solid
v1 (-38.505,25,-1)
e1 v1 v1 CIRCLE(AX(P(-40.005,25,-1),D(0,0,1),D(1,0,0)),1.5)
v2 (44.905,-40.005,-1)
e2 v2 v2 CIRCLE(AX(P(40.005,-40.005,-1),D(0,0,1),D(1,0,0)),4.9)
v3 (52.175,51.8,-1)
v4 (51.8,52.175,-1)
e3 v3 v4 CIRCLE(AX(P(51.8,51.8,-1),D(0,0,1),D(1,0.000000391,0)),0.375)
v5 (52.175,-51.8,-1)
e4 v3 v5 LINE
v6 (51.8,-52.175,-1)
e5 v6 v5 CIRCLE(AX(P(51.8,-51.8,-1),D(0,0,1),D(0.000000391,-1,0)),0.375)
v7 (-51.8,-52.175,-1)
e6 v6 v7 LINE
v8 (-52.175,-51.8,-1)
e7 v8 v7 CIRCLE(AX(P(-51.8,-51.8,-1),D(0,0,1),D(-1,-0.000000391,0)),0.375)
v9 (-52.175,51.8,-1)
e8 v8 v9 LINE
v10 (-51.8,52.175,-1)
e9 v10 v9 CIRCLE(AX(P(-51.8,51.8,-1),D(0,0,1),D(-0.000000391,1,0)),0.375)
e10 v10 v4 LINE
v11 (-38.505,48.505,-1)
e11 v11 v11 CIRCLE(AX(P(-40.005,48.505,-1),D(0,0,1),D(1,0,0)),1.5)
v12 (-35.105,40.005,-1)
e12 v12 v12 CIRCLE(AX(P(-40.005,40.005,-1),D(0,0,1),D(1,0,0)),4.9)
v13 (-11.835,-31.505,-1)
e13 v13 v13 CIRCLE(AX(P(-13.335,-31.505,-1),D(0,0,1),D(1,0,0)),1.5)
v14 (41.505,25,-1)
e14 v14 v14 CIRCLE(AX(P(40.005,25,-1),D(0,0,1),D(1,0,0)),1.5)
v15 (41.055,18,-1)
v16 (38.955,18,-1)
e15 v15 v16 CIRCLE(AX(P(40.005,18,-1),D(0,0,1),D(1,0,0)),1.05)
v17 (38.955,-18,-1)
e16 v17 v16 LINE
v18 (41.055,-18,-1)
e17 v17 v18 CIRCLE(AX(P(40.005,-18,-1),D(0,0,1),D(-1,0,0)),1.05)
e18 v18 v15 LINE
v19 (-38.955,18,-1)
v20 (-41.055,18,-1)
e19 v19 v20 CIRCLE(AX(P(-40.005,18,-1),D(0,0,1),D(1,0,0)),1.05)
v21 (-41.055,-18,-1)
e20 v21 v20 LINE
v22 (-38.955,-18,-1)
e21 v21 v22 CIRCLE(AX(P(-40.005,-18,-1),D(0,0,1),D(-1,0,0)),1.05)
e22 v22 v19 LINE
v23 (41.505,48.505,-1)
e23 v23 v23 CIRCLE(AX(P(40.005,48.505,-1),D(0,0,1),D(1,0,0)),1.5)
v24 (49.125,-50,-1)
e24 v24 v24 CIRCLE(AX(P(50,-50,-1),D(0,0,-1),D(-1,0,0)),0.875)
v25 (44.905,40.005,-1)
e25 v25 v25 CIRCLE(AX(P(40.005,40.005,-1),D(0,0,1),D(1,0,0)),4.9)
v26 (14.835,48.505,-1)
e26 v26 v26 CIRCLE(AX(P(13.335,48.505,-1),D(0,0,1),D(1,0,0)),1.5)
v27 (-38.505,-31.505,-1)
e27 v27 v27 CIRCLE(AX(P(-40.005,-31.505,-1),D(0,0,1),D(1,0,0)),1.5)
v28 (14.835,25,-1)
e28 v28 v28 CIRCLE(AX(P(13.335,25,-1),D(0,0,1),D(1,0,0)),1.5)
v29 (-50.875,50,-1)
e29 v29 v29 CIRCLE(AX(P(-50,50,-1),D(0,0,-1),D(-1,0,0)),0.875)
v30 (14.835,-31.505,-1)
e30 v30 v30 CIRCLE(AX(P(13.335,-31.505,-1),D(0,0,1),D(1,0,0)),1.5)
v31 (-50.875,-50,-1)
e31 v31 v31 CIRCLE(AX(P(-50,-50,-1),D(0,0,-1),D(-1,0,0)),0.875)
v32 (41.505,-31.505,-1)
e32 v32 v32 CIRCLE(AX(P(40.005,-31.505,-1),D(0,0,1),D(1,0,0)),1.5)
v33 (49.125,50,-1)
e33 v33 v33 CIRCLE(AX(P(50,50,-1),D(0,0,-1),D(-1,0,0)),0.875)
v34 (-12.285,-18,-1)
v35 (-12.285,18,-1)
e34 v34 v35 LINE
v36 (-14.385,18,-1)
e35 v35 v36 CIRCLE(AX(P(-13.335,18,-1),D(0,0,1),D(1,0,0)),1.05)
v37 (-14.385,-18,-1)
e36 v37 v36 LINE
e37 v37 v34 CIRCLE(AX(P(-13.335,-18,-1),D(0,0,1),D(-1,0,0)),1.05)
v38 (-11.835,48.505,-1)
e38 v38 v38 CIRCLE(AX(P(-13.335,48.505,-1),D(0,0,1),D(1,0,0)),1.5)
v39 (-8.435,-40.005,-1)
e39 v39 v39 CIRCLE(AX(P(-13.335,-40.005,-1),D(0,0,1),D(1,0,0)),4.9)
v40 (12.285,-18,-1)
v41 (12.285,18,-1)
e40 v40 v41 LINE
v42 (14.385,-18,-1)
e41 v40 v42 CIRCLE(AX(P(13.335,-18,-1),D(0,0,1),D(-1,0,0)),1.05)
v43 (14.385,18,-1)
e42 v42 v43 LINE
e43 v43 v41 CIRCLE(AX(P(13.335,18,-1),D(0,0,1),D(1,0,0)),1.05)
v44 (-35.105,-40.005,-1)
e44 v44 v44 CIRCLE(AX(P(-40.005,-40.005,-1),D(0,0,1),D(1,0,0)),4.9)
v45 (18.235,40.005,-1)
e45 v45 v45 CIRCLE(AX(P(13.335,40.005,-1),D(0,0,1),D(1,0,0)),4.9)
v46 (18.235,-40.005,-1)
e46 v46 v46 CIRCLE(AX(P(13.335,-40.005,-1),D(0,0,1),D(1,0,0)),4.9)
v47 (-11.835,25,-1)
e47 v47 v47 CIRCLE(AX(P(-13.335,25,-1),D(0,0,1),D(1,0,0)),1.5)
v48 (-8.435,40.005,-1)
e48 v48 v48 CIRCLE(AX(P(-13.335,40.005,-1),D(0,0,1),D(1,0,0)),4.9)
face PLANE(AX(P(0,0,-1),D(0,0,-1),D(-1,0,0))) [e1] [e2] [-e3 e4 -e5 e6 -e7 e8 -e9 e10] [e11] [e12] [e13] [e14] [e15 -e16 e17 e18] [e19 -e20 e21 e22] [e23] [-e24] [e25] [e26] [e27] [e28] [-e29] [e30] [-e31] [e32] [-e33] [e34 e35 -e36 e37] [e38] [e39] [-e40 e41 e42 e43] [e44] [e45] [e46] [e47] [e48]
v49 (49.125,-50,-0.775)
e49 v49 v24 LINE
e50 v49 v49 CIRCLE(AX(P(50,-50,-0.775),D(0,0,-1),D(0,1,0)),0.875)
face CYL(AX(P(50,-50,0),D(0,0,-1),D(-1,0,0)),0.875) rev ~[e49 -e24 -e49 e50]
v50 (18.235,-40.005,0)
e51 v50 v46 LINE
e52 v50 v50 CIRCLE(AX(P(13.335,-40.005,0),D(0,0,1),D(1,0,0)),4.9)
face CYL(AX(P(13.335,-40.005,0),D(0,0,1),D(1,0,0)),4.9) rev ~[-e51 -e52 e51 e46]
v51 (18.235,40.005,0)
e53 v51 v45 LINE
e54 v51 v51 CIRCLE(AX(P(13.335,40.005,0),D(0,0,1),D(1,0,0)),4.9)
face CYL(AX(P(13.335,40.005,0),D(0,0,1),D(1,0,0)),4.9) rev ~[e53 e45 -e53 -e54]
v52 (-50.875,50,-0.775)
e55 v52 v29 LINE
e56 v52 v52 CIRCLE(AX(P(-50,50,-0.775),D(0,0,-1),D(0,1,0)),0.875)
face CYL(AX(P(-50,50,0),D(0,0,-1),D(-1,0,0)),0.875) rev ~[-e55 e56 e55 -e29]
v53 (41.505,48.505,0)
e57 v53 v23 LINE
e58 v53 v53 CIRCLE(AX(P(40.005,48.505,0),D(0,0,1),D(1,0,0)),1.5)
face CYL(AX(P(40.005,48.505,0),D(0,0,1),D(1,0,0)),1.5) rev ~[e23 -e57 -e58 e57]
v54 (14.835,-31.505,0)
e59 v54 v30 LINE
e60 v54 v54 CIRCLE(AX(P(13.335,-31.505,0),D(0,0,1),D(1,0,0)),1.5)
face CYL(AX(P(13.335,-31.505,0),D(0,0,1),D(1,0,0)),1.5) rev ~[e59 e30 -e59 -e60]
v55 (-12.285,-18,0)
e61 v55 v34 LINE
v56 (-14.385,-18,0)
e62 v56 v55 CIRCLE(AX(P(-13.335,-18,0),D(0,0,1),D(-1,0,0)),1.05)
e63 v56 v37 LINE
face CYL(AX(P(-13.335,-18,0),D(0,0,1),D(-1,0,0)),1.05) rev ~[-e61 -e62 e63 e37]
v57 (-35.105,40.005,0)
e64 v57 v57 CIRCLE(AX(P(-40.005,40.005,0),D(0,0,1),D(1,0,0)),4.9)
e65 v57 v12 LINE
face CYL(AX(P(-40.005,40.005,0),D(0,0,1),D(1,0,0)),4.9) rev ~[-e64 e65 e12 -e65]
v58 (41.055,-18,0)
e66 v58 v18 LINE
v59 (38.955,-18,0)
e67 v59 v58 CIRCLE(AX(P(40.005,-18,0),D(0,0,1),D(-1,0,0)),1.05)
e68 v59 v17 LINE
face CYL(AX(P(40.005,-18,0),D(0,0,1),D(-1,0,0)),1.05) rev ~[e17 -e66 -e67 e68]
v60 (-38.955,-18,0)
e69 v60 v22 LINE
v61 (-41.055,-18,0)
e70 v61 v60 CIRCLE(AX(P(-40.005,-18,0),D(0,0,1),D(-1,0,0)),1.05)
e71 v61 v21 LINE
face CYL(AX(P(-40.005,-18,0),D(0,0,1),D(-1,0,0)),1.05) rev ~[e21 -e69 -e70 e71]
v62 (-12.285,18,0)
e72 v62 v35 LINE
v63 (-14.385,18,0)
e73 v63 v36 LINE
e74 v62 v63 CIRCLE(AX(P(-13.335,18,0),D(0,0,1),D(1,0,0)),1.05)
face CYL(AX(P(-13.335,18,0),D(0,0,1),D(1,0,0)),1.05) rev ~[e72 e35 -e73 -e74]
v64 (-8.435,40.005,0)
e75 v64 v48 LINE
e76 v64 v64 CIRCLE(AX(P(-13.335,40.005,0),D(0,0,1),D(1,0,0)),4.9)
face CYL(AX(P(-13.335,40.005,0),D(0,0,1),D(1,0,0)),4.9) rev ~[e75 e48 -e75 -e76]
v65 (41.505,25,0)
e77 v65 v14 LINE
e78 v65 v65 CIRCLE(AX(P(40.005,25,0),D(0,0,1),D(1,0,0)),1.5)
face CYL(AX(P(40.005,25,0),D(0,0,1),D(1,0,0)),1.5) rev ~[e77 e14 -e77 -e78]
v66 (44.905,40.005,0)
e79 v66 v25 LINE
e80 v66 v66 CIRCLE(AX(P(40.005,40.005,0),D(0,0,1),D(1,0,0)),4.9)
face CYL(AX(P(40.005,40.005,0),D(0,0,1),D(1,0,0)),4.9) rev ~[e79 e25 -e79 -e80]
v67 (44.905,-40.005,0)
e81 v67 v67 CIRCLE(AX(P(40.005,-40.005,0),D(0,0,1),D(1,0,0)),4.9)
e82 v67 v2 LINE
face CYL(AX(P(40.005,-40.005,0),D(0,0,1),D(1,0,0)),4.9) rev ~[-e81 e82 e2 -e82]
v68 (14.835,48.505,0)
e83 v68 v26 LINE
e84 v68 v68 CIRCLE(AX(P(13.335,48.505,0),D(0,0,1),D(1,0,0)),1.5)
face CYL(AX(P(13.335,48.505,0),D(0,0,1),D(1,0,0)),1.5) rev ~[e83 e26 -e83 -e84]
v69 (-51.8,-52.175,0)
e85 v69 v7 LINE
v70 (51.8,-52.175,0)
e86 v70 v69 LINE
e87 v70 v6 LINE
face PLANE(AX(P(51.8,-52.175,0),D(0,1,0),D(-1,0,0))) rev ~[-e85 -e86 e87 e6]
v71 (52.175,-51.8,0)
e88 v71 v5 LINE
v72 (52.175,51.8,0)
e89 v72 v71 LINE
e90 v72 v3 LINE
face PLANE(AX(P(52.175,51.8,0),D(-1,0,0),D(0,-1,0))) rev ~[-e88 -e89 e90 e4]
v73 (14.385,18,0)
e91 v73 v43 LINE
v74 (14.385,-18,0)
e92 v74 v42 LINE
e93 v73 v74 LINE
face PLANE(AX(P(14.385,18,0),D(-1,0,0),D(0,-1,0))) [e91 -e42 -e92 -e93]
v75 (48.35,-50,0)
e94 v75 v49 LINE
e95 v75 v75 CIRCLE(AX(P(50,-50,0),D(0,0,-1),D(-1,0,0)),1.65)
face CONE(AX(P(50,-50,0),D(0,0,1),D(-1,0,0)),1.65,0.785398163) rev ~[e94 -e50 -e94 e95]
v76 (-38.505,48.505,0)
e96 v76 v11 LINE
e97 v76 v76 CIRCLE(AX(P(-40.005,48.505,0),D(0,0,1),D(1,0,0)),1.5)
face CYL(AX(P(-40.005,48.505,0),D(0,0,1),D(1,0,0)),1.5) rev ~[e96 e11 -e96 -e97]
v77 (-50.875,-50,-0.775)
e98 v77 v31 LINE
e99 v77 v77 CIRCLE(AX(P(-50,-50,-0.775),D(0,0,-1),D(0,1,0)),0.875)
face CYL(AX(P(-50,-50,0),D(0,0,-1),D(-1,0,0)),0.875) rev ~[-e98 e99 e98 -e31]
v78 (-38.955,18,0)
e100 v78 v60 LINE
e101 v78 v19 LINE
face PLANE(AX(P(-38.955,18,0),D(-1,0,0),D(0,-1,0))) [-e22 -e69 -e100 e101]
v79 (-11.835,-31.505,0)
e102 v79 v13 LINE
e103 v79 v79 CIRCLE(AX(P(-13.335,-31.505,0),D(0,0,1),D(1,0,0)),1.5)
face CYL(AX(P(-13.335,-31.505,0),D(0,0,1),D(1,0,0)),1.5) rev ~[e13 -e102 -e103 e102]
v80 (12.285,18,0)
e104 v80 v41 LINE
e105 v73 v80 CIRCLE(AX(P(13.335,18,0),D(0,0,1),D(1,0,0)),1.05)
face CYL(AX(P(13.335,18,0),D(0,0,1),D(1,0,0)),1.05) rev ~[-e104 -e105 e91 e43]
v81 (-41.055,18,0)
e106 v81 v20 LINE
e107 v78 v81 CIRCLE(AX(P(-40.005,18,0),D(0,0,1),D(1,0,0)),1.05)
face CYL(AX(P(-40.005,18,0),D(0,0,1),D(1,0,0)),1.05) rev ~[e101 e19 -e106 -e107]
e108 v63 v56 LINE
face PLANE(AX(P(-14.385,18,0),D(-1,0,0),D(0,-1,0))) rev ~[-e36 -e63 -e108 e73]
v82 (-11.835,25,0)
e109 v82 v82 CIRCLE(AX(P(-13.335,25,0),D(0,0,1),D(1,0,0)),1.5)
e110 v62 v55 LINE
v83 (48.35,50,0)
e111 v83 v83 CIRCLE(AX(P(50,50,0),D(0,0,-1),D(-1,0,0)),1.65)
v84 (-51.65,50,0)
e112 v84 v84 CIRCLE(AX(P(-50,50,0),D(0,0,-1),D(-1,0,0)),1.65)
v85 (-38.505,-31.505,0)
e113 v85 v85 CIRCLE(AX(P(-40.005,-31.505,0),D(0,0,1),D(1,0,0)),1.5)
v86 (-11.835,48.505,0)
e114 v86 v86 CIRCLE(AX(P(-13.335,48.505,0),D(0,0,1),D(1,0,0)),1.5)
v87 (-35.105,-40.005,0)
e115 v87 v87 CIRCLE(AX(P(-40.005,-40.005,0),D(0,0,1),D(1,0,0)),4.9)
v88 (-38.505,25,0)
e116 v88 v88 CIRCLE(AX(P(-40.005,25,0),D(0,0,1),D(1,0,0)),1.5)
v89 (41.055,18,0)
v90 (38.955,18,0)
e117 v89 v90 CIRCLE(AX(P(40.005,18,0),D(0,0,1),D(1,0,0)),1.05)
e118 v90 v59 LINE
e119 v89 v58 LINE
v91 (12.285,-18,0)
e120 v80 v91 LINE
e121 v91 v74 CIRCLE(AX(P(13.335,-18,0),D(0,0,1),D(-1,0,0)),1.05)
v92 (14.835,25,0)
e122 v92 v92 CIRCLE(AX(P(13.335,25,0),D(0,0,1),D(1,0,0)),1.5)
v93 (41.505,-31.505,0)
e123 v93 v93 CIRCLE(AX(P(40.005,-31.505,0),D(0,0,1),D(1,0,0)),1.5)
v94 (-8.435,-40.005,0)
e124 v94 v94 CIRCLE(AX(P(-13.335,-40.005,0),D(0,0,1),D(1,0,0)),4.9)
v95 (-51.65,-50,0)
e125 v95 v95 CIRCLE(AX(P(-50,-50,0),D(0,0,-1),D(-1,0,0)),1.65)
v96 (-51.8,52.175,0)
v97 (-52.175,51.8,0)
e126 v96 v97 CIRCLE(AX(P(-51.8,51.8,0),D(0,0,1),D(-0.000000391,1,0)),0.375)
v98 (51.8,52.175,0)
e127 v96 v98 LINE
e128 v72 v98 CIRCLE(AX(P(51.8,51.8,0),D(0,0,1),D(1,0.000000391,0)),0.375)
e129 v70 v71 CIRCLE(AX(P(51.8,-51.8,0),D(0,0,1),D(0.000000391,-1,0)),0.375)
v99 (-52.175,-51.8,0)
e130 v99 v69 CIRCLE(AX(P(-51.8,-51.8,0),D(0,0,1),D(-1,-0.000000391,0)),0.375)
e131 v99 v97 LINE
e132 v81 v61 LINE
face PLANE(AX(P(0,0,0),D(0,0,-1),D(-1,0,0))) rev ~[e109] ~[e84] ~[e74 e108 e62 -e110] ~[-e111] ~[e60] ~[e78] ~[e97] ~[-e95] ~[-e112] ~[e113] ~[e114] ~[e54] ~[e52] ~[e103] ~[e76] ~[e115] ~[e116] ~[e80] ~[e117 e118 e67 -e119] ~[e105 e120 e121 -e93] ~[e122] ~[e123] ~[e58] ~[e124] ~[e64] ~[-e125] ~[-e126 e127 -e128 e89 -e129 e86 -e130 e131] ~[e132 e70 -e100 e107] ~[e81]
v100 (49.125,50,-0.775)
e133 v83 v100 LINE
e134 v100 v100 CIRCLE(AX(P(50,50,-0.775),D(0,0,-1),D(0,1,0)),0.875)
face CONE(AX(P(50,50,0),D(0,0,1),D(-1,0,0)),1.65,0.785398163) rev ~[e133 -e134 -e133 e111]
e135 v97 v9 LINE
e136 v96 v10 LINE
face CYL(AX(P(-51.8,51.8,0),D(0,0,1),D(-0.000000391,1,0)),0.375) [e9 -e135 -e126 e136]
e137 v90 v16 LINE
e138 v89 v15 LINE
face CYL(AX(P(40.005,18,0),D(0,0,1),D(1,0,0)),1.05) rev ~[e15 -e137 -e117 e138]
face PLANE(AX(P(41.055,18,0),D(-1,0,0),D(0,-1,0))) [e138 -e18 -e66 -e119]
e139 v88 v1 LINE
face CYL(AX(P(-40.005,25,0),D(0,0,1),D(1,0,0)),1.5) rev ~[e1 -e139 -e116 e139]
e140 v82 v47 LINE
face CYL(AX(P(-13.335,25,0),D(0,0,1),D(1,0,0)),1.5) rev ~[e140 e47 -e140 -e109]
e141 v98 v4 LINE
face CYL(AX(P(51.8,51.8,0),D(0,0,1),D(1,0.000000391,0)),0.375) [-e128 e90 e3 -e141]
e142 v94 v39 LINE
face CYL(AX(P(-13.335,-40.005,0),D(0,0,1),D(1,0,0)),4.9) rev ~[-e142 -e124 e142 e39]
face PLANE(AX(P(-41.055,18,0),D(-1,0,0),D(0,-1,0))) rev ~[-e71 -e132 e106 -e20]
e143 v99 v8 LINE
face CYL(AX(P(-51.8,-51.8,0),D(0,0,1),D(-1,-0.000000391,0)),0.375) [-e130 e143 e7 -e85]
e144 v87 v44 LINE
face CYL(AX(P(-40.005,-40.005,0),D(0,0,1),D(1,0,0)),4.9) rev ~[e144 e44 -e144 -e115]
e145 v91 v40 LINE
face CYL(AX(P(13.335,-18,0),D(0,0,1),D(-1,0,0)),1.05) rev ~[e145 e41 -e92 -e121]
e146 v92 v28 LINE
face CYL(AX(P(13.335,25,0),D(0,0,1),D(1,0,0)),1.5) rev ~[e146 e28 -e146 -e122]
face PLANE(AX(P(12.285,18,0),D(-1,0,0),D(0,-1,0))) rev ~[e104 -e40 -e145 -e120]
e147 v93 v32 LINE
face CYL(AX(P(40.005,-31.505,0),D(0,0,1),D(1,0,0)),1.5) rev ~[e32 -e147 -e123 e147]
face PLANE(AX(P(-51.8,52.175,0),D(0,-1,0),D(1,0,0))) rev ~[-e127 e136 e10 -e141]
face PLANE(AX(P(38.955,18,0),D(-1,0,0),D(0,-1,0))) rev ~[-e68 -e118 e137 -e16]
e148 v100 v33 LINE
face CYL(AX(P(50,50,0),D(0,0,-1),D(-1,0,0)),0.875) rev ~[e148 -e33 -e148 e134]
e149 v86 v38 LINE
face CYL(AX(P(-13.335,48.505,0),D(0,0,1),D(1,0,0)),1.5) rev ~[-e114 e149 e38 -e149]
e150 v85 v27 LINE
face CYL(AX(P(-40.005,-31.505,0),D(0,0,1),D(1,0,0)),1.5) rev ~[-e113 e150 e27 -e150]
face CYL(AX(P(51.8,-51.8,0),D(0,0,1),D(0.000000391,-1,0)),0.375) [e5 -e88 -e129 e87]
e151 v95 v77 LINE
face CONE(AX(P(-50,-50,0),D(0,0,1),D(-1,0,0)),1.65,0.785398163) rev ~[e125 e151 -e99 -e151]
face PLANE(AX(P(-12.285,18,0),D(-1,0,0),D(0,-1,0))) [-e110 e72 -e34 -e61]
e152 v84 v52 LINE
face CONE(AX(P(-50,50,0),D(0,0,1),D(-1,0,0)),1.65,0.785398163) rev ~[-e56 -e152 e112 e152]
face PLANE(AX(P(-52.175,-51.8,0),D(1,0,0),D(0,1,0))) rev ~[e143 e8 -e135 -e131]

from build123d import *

# Parameters (mm, degrees)
PAD_DEPTH        = 1
POCKET_DEPTH     = 0.001
HOLE_D           = 1.75
HOLE_CSINK_D     = 3.3
HOLE_CSINK_ANGLE = 90
SKETCH007_R      = 4.9
HOLE005_DEPTH    = 1.001
SKETCH008_R      = 1.5
HOLE006_DEPTH    = 1.001
SKETCH009_R      = 4.9
HOLE007_DEPTH    = 1.001
SKETCH010_R      = 1.5
HOLE008_DEPTH    = 1.001
POCKET001_DEPTH  = 1.001
SKETCH012_R      = 1.5
HOLE009_DEPTH    = 1.001


with BuildPart() as part:
    # Sketch → Pad (new body)
    with BuildSketch(Plane.XY):
        with BuildLine():
            Line((-51.8, 52.175), (51.8, 52.175))
            ThreePointArc((52.175, 51.8), (52.065165, 52.065165), (51.8, 52.175))
            Line((52.175, 51.8), (52.175, -51.8))
            ThreePointArc((51.8, -52.175), (52.065165, -52.065165), (52.175, -51.8))
            Line((51.8, -52.175), (-51.8, -52.175))
            ThreePointArc((-52.175, -51.8), (-52.065165, -52.065165), (-51.8, -52.175))
            Line((-52.175, -51.8), (-52.175, 51.8))
            ThreePointArc((-51.8, 52.175), (-52.065165, 52.065165), (-52.175, 51.8))
        make_face()
    extrude(amount=-PAD_DEPTH)

    # Sketch002 → Pocket (cut, through all)
    with BuildSketch(Plane.XY.offset(-4.8)):
        with BuildLine():
            Line((-45, 50.175), (45, 50.175))
            ThreePointArc((45, 50.175), (45.353553, 50.321447), (45.5, 50.675))
            ThreePointArc((45.5, 50.675), (45.353553, 51.028553), (45, 51.175))
            Line((-45, 51.175), (45, 51.175))
            ThreePointArc((-45, 51.175), (-45.353553, 51.028553), (-45.5, 50.675))
            ThreePointArc((-45.5, 50.675), (-45.353553, 50.321447), (-45, 50.175))
        make_face()
        with BuildLine():
            Line((-45, -51.175), (45, -51.175))
            ThreePointArc((45, -51.175), (45.353553, -51.028553), (45.5, -50.675))
            ThreePointArc((45.5, -50.675), (45.353553, -50.321447), (45, -50.175))
            Line((-45, -50.175), (45, -50.175))
            ThreePointArc((-45, -50.175), (-45.353553, -50.321447), (-45.5, -50.675))
            ThreePointArc((-45.5, -50.675), (-45.353553, -51.028553), (-45, -51.175))
        make_face()
        with BuildLine():
            Line((51.175, -45), (51.175, 45))
            ThreePointArc((51.175, 45), (51.028553, 45.353553), (50.675, 45.5))
            ThreePointArc((50.675, 45.5), (50.321447, 45.353553), (50.175, 45))
            Line((50.175, -45), (50.175, 45))
            ThreePointArc((50.175, -45), (50.321447, -45.353553), (50.675, -45.5))
            ThreePointArc((50.675, -45.5), (51.028553, -45.353553), (51.175, -45))
        make_face()
        with BuildLine():
            Line((-50.175, -45), (-50.175, 45))
            ThreePointArc((-50.175, 45), (-50.321447, 45.353553), (-50.675, 45.5))
            ThreePointArc((-50.675, 45.5), (-51.028553, 45.353553), (-51.175, 45))
            Line((-51.175, -45), (-51.175, 45))
            ThreePointArc((-51.175, -45), (-51.028553, -45.353553), (-50.675, -45.5))
            ThreePointArc((-50.675, -45.5), (-50.321447, -45.353553), (-50.175, -45))
        make_face()
    extrude(amount=-POCKET_DEPTH, mode=Mode.SUBTRACT)

    # Hole (through all)
    with Locations(Plane.XY):
        with Locations((-50, 50), (50, 50), (50, -50), (-50, -50)):
            CounterSinkHole(HOLE_D / 2, HOLE_CSINK_D / 2, counter_sink_angle=HOLE_CSINK_ANGLE)

    # Sketch007 → Hole005 (cut, through all)
    with BuildSketch(Plane.XY):
        with Locations((-40.005, -40.005)):
            Circle(SKETCH007_R)
        with Locations((-13.335, -40.005)):
            Circle(SKETCH007_R)
        with Locations((13.335, -40.005)):
            Circle(SKETCH007_R)
        with Locations((40.005, -40.005)):
            Circle(SKETCH007_R)
    extrude(amount=-HOLE005_DEPTH, mode=Mode.SUBTRACT)

    # Sketch008 → Hole006 (cut, through all)
    with BuildSketch(Plane.XY):
        with Locations((-40.005, -31.505)):
            Circle(SKETCH008_R)
        with Locations((-13.335, -31.505)):
            Circle(SKETCH008_R)
        with Locations((13.335, -31.505)):
            Circle(SKETCH008_R)
        with Locations((40.005, -31.505)):
            Circle(SKETCH008_R)
    extrude(amount=-HOLE006_DEPTH, mode=Mode.SUBTRACT)

    # Sketch009 → Hole007 (cut, through all)
    with BuildSketch(Plane.XY):
        with Locations((-40.005, 40.005)):
            Circle(SKETCH009_R)
        with Locations((-13.335, 40.005)):
            Circle(SKETCH009_R)
        with Locations((13.335, 40.005)):
            Circle(SKETCH009_R)
        with Locations((40.005, 40.005)):
            Circle(SKETCH009_R)
    extrude(amount=-HOLE007_DEPTH, mode=Mode.SUBTRACT)

    # Sketch010 → Hole008 (cut, through all)
    with BuildSketch(Plane.XY):
        with Locations((-40.005, 48.505)):
            Circle(SKETCH010_R)
        with Locations((-13.335, 48.505)):
            Circle(SKETCH010_R)
        with Locations((13.335, 48.505)):
            Circle(SKETCH010_R)
        with Locations((40.005, 48.505)):
            Circle(SKETCH010_R)
    extrude(amount=-HOLE008_DEPTH, mode=Mode.SUBTRACT)

    # Sketch011 → Pocket001 (cut, through all)
    with BuildSketch(Plane.XY):
        with BuildLine():
            ThreePointArc((-38.955, 18), (-40.005, 19.05), (-41.055, 18))
            Line((-41.055, 18), (-41.055, -18))
            ThreePointArc((-41.055, -18), (-40.005, -19.05), (-38.955, -18))
            Line((-38.955, 18), (-38.955, -18))
        make_face()
        with BuildLine():
            ThreePointArc((-12.285, 18), (-13.335, 19.05), (-14.385, 18))
            Line((-14.385, 18), (-14.385, -18))
            ThreePointArc((-14.385, -18), (-13.335, -19.05), (-12.285, -18))
            Line((-12.285, 18), (-12.285, -18))
        make_face()
        with BuildLine():
            ThreePointArc((14.385, 18), (13.335, 19.05), (12.285, 18))
            Line((12.285, 18), (12.285, -18))
            ThreePointArc((12.285, -18), (13.335, -19.05), (14.385, -18))
            Line((14.385, 18), (14.385, -18))
        make_face()
        with BuildLine():
            ThreePointArc((41.055, 18), (40.005, 19.05), (38.955, 18))
            Line((38.955, 18), (38.955, -18))
            ThreePointArc((38.955, -18), (40.005, -19.05), (41.055, -18))
            Line((41.055, 18), (41.055, -18))
        make_face()
    extrude(amount=-POCKET001_DEPTH, mode=Mode.SUBTRACT)

    # Sketch012 → Hole009 (cut, through all)
    with BuildSketch(Plane.XY):
        with Locations((-40.005, 25)):
            Circle(SKETCH012_R)
        with Locations((-13.335, 25)):
            Circle(SKETCH012_R)
        with Locations((13.335, 25)):
            Circle(SKETCH012_R)
        with Locations((40.005, 25)):
            Circle(SKETCH012_R)
    extrude(amount=-HOLE009_DEPTH, mode=Mode.SUBTRACT)


solid = part.part
